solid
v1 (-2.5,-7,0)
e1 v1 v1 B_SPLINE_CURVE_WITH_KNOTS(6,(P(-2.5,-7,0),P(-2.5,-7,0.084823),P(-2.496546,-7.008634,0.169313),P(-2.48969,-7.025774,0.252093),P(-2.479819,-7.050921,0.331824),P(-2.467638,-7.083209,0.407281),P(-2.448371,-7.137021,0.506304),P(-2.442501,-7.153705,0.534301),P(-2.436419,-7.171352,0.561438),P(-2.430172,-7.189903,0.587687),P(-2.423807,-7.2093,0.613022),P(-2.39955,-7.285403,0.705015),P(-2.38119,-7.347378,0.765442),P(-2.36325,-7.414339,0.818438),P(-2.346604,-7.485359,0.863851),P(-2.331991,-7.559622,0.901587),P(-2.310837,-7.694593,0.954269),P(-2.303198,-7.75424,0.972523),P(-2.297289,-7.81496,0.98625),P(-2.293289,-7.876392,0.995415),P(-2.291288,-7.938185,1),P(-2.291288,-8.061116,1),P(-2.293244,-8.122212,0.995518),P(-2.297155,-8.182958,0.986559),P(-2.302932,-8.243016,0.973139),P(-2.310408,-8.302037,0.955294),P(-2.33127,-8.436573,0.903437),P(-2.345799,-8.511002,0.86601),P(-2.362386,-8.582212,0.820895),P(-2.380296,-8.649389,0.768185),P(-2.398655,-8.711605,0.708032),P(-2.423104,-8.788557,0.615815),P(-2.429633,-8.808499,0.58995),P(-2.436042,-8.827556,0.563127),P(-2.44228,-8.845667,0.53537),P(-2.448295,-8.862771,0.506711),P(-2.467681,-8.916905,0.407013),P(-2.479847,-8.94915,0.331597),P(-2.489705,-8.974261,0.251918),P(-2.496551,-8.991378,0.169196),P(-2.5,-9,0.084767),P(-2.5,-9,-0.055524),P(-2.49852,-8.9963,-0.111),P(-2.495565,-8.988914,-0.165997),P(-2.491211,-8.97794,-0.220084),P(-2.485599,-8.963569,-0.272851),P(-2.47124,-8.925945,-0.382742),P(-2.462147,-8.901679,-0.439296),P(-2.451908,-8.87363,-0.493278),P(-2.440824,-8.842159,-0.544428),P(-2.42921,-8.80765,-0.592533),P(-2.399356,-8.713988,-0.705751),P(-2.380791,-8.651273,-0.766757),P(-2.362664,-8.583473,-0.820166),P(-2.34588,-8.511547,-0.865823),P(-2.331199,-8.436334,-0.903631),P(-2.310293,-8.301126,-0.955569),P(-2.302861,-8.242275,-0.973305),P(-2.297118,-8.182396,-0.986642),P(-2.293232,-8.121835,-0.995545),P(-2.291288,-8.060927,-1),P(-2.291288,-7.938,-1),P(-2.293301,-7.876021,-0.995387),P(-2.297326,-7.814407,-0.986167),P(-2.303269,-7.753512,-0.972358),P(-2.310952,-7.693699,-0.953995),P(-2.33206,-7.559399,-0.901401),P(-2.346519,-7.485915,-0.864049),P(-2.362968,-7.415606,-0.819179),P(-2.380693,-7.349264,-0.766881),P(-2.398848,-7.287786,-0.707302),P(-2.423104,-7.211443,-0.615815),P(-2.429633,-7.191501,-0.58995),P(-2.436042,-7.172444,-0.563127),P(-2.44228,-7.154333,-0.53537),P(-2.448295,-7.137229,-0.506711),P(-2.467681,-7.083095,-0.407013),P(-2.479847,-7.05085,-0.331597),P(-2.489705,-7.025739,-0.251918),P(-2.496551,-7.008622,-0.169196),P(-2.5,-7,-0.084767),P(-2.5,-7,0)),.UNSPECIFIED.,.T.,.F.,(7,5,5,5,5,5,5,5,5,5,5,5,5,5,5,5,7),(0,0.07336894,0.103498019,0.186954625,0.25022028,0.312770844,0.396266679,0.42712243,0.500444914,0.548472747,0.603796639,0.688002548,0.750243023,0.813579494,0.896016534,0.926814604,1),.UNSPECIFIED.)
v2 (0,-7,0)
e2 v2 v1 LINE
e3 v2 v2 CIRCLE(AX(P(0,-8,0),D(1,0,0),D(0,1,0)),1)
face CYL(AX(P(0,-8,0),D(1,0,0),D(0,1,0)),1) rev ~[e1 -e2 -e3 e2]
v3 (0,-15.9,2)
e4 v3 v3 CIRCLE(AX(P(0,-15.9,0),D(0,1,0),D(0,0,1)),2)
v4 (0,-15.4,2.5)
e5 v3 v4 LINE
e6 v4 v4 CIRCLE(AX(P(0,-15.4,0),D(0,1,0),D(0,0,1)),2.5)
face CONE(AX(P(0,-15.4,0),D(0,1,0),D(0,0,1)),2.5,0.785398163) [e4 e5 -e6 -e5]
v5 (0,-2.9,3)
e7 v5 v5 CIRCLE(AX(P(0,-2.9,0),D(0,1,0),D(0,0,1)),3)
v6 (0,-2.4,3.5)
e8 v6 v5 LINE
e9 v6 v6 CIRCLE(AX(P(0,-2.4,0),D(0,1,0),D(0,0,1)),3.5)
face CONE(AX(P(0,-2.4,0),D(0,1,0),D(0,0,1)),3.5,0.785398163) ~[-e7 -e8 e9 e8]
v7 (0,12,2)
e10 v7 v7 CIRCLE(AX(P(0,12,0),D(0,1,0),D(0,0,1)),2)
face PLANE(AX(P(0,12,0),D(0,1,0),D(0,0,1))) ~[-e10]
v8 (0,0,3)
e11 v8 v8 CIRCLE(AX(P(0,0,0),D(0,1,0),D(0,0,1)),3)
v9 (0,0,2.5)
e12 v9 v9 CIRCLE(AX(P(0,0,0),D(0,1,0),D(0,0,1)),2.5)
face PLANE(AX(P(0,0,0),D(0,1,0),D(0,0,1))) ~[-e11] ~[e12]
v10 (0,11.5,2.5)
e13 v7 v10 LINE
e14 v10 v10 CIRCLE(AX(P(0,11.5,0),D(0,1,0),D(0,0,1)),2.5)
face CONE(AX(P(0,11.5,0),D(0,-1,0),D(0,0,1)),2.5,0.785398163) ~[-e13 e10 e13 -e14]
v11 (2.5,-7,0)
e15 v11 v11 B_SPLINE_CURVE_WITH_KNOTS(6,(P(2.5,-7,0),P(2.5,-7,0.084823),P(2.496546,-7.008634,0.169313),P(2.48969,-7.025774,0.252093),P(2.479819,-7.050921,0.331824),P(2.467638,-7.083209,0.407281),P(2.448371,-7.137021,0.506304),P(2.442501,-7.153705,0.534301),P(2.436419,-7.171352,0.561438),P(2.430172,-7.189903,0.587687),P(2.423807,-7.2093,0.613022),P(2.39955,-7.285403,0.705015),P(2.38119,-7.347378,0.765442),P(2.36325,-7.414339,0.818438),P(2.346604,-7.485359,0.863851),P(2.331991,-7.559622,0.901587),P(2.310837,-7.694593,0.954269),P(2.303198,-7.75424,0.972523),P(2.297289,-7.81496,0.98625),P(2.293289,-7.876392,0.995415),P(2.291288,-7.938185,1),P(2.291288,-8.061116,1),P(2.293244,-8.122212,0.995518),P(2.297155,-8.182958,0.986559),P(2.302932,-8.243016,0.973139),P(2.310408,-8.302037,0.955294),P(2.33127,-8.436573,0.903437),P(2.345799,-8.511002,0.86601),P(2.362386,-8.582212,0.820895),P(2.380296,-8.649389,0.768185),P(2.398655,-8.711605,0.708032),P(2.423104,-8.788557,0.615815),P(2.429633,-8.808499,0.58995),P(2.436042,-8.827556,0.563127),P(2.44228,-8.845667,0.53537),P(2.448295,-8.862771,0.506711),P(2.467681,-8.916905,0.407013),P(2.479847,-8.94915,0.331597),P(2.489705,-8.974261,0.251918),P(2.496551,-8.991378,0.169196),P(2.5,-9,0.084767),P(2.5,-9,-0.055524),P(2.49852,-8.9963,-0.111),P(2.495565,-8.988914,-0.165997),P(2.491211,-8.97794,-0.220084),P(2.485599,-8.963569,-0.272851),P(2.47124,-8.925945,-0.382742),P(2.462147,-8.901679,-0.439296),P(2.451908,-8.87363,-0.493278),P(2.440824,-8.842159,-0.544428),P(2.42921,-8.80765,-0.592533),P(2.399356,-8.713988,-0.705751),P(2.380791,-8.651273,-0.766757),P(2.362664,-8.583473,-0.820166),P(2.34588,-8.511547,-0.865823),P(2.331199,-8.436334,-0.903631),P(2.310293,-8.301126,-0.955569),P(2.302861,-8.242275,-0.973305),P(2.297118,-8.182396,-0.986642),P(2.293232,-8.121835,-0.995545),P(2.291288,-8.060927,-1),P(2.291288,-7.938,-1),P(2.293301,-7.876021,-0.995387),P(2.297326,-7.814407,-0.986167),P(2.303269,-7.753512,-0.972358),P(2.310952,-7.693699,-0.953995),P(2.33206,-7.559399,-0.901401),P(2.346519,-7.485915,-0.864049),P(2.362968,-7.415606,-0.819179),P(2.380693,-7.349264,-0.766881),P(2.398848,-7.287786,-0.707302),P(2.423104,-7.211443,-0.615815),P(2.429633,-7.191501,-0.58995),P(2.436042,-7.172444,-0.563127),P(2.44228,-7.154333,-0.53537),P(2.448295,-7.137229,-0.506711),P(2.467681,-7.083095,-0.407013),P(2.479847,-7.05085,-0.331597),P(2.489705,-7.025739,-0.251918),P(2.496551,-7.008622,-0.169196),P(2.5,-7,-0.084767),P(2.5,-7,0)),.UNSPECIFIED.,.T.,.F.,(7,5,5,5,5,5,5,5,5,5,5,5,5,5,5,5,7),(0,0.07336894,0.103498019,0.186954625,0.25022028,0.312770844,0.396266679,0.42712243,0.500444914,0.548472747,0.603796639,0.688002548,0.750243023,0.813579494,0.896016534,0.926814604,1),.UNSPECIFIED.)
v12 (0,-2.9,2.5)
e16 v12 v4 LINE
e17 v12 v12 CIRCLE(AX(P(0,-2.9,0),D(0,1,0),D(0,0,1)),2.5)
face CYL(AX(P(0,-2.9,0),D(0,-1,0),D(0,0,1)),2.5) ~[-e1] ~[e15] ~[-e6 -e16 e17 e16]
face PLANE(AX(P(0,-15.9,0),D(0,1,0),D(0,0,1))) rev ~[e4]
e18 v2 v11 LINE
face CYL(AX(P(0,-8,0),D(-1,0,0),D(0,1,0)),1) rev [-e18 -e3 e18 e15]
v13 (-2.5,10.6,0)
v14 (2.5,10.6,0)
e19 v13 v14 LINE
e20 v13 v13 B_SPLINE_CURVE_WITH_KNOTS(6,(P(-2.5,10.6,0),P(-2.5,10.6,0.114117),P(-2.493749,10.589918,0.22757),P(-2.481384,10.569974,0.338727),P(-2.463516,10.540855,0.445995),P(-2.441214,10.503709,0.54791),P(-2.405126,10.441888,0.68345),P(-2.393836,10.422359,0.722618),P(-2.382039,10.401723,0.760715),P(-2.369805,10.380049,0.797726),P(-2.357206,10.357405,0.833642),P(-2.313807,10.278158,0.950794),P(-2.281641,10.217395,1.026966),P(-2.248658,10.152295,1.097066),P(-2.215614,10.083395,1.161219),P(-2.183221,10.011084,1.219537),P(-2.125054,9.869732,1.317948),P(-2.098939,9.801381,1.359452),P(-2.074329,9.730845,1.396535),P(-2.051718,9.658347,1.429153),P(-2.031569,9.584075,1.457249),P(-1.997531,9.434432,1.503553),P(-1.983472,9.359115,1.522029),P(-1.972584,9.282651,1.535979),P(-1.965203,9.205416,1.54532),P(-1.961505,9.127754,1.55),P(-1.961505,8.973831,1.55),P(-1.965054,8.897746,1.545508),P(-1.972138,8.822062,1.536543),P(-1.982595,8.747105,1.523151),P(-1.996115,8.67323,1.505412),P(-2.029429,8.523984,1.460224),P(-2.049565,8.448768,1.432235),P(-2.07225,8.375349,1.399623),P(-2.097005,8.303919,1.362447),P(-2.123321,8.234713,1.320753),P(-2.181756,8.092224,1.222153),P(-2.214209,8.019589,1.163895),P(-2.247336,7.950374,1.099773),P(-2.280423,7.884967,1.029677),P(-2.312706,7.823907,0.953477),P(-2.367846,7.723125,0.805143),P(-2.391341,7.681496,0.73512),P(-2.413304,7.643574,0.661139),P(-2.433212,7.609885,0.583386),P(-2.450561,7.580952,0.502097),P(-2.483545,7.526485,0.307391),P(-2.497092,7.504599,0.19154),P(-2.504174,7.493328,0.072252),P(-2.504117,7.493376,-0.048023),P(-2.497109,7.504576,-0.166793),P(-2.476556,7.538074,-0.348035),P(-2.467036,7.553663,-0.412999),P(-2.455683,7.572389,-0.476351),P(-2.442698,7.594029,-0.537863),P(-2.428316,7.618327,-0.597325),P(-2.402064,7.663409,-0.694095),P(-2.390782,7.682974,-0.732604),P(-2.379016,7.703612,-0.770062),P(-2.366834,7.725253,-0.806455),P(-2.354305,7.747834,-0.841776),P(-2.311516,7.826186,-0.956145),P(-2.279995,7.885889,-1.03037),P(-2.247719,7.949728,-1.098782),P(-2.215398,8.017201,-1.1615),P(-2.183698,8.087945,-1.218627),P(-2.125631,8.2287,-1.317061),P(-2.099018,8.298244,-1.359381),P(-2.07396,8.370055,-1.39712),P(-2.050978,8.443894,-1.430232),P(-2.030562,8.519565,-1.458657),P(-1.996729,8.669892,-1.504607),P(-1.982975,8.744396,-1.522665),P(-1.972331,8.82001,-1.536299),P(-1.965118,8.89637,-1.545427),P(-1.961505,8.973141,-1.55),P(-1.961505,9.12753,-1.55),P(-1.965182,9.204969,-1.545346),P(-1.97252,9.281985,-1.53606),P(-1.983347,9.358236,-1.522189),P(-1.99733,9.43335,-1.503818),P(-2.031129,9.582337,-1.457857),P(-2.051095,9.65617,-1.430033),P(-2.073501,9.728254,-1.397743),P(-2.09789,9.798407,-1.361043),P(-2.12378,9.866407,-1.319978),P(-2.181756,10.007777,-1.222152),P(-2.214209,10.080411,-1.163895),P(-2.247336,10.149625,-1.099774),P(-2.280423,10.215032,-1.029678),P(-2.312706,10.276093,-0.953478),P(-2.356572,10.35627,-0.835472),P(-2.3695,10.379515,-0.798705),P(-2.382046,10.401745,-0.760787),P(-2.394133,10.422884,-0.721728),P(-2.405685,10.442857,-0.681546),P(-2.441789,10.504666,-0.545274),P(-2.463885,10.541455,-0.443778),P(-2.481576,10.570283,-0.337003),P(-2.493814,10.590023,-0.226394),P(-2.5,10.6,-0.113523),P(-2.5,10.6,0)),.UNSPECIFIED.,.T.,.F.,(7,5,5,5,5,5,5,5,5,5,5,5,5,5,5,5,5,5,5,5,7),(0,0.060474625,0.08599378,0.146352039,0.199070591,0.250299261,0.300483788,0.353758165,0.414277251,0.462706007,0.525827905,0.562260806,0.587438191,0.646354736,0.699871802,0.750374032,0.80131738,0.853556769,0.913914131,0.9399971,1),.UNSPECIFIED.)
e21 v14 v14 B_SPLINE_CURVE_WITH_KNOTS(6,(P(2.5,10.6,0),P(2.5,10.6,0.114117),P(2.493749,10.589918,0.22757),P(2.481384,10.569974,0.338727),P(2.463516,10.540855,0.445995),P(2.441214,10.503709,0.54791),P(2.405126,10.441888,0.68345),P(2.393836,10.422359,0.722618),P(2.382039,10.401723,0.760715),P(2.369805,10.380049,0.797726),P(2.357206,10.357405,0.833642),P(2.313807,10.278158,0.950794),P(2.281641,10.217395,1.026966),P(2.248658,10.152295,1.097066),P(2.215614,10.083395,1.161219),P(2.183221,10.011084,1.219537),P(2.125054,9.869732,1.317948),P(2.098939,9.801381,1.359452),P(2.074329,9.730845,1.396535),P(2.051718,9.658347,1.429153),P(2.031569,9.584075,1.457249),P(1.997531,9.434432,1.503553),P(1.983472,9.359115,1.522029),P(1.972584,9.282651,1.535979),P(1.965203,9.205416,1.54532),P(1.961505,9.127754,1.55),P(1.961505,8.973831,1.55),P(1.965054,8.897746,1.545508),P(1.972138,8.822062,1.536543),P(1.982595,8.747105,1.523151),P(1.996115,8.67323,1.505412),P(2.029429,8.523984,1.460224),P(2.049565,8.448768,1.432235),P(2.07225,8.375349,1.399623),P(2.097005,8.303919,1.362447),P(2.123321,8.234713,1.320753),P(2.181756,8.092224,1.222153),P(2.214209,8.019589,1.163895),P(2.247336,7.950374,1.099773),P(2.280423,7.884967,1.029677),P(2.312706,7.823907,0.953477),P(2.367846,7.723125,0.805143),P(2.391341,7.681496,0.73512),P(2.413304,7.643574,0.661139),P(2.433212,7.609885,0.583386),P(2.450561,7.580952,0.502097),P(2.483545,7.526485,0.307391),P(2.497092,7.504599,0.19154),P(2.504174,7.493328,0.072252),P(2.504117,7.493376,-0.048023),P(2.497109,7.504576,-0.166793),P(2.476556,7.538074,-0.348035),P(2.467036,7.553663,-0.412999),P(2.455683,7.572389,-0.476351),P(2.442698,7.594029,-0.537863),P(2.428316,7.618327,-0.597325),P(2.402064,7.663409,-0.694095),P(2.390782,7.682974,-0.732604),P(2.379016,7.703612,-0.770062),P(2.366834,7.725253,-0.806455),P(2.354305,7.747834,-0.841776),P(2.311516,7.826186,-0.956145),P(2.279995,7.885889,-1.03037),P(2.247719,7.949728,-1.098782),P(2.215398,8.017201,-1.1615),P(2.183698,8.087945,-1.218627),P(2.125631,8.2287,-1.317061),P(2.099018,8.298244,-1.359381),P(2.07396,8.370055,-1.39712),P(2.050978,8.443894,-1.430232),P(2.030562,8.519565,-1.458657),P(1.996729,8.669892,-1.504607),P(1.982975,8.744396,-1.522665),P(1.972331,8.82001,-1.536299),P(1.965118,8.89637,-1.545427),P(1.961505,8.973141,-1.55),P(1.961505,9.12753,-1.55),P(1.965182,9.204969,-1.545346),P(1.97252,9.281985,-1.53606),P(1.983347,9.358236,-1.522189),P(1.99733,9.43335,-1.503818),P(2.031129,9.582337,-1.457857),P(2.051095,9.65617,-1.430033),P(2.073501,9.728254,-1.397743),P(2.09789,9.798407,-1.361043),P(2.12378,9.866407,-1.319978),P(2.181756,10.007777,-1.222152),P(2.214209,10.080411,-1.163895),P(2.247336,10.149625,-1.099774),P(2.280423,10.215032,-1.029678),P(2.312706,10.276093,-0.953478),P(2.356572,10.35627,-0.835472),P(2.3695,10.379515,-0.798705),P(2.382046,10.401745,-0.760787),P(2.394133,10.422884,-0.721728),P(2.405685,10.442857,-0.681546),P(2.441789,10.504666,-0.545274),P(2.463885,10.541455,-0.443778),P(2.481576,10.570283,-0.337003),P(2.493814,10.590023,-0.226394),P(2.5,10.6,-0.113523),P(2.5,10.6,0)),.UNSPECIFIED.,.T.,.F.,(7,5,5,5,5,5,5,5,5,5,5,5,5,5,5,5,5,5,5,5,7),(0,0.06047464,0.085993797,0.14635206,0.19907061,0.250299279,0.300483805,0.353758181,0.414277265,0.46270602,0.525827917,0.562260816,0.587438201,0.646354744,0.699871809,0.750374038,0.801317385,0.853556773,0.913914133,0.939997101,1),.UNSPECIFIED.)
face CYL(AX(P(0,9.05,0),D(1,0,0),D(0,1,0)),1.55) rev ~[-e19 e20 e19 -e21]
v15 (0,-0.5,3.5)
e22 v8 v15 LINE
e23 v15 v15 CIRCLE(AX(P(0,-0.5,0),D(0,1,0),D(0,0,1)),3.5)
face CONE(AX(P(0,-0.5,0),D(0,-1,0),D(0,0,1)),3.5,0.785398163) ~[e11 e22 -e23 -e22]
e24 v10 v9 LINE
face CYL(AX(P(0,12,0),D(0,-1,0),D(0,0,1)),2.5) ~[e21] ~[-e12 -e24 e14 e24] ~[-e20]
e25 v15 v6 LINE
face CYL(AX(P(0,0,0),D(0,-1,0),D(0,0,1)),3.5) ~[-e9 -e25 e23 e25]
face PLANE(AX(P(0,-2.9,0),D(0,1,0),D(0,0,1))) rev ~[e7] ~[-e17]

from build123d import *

# Parameters (mm, degrees)
F2_SIZE  = 0.5
F3_R     = 1
F3_R_2   = 1.55
F4_DEPTH = 12.5


with BuildPart() as f1:
    # F0 (on Right) → F1 (revolve)
    with BuildSketch(Plane.YZ):
        Polygon((-15.9, 2.5), (-15.9, 0), (10, 0), (12, 0), (12, 2.5), (4, 2.5), (0, 2.5), (0, 3.5), (-2.9, 3.5), (-2.9, 2.5), align=None)
    revolve(axis=Axis((0, -0.324999528, 0), (0, 1, 0)))

    # F2
    f2_edges = [f1.edges().sort_by_distance(p)[0] for p in [
        (0, -15.9, -2.5),
        (0, 0, -3.5),
        (0, -2.9, -3.5),
        (0, -1.45, 3.5),
        (0, 12, -2.5),
    ]]
    chamfer(f2_edges, length=F2_SIZE)

    # F3 (on Right) → F4 (cut, symmetric)
    with BuildSketch(Plane.YZ):
        with Locations((-8, 0)):
            Circle(F3_R)
        with Locations((9.05, 0)):
            Circle(F3_R_2)
    extrude(amount=F4_DEPTH, both=True, mode=Mode.SUBTRACT)


solid = f1.part
